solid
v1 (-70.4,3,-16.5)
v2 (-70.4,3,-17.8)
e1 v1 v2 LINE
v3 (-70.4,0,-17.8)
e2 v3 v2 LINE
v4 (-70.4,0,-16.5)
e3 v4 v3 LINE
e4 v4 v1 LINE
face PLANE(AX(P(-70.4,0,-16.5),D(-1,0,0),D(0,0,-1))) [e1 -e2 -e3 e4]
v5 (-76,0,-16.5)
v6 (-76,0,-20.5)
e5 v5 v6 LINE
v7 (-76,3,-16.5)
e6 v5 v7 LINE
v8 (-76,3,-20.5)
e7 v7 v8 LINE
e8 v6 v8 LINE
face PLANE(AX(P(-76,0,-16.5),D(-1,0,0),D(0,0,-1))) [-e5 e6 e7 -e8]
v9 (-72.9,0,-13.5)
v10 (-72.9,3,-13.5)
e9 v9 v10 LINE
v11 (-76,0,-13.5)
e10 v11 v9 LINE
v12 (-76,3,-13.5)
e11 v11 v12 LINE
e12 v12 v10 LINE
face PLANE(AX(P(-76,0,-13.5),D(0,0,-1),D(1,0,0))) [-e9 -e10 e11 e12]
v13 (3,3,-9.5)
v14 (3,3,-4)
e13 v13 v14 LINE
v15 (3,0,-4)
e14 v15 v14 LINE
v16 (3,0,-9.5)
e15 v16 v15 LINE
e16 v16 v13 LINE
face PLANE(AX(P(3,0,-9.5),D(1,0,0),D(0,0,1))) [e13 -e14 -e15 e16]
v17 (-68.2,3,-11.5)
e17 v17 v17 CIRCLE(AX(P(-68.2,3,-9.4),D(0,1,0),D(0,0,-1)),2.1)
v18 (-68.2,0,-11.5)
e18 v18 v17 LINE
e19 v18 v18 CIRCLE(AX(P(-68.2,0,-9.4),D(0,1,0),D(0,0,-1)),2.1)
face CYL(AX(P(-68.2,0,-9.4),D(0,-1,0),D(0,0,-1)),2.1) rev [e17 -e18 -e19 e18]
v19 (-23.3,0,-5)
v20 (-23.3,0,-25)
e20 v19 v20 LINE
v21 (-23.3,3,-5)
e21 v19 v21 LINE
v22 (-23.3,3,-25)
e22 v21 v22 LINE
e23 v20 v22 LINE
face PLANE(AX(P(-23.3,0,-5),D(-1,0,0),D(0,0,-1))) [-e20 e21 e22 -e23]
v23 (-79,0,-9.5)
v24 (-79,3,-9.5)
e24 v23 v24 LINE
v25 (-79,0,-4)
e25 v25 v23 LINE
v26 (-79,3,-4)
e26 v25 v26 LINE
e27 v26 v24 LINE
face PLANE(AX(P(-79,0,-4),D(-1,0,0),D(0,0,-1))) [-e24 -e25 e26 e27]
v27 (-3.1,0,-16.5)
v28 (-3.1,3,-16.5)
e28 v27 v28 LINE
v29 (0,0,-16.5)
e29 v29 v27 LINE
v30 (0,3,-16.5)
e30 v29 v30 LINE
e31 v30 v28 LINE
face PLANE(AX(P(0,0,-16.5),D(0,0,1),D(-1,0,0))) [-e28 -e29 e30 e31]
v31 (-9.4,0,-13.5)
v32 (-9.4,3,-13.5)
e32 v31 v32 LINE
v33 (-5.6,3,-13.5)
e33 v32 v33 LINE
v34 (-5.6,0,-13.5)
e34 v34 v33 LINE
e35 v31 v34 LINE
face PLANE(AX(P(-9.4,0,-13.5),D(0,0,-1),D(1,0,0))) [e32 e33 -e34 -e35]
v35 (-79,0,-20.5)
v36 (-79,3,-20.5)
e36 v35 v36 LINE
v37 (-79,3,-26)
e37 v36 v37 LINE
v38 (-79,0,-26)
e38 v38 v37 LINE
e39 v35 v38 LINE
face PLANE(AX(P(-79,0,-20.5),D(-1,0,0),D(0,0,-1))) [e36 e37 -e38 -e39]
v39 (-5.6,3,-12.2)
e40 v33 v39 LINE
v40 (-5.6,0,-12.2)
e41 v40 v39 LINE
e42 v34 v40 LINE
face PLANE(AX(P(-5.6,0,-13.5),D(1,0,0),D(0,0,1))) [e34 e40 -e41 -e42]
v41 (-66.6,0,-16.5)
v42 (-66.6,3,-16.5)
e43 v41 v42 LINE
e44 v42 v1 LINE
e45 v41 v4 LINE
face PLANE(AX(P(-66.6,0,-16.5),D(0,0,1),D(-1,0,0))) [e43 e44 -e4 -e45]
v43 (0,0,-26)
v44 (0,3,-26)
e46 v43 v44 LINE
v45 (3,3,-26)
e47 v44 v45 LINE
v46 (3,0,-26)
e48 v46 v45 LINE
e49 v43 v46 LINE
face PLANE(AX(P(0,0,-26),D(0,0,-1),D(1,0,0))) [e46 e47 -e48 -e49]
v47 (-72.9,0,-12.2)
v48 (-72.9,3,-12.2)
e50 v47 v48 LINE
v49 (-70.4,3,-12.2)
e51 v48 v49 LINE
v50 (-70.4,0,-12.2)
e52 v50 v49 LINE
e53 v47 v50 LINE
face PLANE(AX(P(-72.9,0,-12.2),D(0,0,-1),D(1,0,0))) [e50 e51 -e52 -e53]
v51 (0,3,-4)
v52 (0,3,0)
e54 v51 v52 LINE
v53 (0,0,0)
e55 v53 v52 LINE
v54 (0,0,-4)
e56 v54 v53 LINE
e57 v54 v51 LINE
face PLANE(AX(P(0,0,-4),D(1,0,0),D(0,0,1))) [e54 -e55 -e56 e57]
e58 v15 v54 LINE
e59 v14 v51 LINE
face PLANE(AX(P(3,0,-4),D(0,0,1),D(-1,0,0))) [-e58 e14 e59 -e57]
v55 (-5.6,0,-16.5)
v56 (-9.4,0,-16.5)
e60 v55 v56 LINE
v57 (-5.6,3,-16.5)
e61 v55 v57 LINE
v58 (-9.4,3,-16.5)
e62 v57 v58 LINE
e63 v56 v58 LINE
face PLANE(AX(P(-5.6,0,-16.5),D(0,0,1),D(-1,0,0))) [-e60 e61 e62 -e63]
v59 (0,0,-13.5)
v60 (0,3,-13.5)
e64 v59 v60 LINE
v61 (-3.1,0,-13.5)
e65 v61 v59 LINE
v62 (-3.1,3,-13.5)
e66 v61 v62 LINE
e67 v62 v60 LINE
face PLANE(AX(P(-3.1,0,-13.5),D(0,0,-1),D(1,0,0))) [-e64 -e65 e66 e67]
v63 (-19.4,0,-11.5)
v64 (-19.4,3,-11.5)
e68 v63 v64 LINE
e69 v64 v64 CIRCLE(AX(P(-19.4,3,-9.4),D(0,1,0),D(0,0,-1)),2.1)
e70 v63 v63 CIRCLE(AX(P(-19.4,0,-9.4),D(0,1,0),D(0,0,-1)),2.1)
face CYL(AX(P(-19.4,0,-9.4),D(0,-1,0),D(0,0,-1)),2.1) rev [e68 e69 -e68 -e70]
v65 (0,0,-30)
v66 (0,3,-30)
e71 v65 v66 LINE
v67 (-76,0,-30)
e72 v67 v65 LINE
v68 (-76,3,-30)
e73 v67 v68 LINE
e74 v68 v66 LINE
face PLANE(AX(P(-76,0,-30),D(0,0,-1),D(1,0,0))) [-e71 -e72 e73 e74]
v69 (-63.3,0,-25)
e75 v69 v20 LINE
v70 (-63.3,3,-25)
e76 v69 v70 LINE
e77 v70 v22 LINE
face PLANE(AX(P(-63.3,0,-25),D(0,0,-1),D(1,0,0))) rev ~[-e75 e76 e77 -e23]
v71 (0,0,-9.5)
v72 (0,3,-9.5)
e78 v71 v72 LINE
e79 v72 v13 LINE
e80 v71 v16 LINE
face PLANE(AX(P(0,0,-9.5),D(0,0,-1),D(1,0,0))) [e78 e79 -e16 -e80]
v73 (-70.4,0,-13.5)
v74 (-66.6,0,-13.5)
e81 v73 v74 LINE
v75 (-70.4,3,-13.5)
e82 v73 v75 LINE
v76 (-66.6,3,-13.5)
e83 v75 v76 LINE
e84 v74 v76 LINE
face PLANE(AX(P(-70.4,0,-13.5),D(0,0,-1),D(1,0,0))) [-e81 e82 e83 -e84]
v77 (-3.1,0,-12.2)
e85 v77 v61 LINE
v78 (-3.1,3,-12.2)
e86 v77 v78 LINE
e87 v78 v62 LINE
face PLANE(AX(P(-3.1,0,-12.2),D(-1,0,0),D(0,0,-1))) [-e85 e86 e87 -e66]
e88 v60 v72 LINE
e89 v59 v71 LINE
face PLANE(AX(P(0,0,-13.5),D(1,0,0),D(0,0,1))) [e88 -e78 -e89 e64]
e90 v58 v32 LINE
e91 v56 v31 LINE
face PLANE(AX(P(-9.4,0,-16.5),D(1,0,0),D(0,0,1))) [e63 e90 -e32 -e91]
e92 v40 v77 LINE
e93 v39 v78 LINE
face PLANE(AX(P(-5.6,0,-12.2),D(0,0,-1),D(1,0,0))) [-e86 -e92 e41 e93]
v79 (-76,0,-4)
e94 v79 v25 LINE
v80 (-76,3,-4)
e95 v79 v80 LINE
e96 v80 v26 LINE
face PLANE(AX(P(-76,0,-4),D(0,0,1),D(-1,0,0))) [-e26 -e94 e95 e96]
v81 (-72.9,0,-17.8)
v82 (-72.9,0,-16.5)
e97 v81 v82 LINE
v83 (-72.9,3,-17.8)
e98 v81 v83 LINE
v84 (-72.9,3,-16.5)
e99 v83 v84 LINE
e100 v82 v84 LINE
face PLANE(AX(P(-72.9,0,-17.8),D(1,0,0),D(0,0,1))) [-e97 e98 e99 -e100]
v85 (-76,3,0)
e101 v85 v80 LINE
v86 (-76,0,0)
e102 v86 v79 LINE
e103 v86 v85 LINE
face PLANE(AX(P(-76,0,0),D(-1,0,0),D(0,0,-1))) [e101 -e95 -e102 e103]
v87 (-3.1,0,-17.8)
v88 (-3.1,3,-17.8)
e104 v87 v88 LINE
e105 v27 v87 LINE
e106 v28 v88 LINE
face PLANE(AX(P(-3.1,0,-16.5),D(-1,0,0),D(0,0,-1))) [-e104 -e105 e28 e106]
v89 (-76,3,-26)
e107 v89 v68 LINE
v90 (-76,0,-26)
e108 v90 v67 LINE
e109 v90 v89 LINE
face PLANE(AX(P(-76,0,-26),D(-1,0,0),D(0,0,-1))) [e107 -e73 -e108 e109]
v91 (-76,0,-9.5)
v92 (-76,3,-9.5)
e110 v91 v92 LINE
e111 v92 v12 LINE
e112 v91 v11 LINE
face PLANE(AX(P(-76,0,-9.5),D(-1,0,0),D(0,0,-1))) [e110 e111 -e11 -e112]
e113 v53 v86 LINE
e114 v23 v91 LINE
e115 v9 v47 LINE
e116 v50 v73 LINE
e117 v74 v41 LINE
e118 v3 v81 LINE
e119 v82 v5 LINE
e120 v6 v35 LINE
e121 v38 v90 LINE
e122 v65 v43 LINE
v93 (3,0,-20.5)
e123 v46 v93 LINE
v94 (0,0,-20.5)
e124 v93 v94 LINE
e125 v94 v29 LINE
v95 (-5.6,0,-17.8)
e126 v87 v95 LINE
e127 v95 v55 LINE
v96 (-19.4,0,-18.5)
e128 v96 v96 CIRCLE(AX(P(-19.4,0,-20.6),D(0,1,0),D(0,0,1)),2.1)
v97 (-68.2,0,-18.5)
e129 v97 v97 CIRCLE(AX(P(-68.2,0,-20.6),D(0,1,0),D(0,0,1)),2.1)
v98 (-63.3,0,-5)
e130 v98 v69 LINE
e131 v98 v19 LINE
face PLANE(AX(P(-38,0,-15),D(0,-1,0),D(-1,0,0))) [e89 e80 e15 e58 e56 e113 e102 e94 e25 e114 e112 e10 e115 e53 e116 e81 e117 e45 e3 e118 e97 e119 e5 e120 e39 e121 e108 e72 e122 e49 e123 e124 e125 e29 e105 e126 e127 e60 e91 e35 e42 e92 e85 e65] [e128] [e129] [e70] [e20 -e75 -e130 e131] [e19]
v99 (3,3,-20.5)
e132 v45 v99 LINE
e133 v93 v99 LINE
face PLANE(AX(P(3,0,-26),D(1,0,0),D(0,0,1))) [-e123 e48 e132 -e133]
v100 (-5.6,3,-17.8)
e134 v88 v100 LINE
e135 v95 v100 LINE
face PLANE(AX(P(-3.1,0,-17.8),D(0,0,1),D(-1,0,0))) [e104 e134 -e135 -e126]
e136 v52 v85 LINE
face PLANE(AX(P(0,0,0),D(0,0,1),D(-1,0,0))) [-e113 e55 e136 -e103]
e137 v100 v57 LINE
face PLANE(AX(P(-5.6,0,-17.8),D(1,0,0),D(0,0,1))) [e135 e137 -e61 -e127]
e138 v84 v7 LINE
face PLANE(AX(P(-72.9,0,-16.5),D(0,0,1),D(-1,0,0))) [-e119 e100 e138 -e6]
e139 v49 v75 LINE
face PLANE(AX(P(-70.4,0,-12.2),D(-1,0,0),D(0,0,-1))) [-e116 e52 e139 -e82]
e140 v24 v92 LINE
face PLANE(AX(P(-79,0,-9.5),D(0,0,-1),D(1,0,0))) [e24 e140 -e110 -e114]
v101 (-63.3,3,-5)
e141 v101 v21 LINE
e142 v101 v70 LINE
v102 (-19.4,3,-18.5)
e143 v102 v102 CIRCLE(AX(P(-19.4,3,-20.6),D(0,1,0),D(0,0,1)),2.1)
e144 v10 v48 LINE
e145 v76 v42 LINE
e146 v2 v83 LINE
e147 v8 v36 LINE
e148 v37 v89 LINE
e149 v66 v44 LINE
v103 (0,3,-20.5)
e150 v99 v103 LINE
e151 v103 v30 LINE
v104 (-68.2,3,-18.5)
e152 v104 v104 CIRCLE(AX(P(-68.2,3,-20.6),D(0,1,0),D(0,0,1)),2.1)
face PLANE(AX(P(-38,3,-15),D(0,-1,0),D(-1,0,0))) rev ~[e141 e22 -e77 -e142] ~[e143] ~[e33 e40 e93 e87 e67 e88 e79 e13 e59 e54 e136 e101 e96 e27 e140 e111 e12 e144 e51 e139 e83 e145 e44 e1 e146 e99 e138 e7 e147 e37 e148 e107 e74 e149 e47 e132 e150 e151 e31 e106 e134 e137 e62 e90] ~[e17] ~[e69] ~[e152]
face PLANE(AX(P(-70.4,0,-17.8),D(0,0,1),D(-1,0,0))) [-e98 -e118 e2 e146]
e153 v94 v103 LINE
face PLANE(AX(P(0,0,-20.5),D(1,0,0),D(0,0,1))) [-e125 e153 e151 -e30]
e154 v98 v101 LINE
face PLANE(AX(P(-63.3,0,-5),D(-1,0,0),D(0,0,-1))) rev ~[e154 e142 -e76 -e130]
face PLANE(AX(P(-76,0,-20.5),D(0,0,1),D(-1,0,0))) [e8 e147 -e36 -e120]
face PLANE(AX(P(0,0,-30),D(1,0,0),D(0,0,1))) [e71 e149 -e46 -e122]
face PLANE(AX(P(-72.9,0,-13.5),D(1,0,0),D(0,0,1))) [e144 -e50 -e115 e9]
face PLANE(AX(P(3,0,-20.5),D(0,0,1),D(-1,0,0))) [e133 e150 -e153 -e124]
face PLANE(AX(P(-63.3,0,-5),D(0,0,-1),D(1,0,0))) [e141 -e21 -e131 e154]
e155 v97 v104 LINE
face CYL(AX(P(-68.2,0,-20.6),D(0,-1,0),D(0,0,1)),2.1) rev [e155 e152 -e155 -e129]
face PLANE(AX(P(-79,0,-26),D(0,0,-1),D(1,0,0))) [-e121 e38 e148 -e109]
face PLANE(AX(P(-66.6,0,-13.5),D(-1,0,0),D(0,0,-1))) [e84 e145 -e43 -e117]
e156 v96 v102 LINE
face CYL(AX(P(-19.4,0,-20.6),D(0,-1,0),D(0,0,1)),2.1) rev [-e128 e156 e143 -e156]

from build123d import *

# Parameters (mm, degrees)
SKETCH1_R           = 2.1
SKETCH1_W           = 40
SKETCH1_H           = 20
BOSS_EXTRUDE1_DEPTH = 3


with BuildPart() as part:
    # Sketch1 → Boss-Extrude1 (new body)
    with BuildSketch(Plane(origin=(0, 0, 0), x_dir=(1, 0, 0), z_dir=(0, 1, 0))):
        Polygon((0, 0), (-76, 0), (-76, 4), (-79, 4), (-79, 9.5), (-76, 9.5), (-76, 13.5), (-72.9, 13.5), (-72.9, 12.2), (-70.4, 12.2), (-70.4, 13.5), (-66.6, 13.5), (-66.6, 16.5), (-70.4, 16.5), (-70.4, 17.8), (-72.9, 17.8), (-72.9, 16.5), (-76, 16.5), (-76, 20.5), (-79, 20.5), (-79, 26), (-76, 26), (-76, 30), (0, 30), (0, 26), (3, 26), (3, 20.5), (0, 20.5), (0, 16.5), (-3.1, 16.5), (-3.1, 17.8), (-5.6, 17.8), (-5.6, 16.5), (-9.4, 16.5), (-9.4, 13.5), (-5.6, 13.5), (-5.6, 12.2), (-3.1, 12.2), (-3.1, 13.5), (0, 13.5), (0, 9.5), (3, 9.5), (3, 4), (0, 4), align=None)
        with Locations(Location((-19.4, 20.6, 0), (0, 0, 270))):
            Circle(SKETCH1_R, mode=Mode.SUBTRACT)
        with Locations(Location((-68.2, 20.6, 0), (0, 0, 270))):
            Circle(SKETCH1_R, mode=Mode.SUBTRACT)
        with Locations(Location((-68.2, 9.4, 0), (0, 0, 90))):
            Circle(SKETCH1_R, mode=Mode.SUBTRACT)
        with Locations(Location((-19.4, 9.4, 0), (0, 0, 90))):
            Circle(SKETCH1_R, mode=Mode.SUBTRACT)
        with Locations((-43.3, 15)):
            Rectangle(SKETCH1_W, SKETCH1_H, mode=Mode.SUBTRACT)
    extrude(amount=BOSS_EXTRUDE1_DEPTH)


solid = part.part
